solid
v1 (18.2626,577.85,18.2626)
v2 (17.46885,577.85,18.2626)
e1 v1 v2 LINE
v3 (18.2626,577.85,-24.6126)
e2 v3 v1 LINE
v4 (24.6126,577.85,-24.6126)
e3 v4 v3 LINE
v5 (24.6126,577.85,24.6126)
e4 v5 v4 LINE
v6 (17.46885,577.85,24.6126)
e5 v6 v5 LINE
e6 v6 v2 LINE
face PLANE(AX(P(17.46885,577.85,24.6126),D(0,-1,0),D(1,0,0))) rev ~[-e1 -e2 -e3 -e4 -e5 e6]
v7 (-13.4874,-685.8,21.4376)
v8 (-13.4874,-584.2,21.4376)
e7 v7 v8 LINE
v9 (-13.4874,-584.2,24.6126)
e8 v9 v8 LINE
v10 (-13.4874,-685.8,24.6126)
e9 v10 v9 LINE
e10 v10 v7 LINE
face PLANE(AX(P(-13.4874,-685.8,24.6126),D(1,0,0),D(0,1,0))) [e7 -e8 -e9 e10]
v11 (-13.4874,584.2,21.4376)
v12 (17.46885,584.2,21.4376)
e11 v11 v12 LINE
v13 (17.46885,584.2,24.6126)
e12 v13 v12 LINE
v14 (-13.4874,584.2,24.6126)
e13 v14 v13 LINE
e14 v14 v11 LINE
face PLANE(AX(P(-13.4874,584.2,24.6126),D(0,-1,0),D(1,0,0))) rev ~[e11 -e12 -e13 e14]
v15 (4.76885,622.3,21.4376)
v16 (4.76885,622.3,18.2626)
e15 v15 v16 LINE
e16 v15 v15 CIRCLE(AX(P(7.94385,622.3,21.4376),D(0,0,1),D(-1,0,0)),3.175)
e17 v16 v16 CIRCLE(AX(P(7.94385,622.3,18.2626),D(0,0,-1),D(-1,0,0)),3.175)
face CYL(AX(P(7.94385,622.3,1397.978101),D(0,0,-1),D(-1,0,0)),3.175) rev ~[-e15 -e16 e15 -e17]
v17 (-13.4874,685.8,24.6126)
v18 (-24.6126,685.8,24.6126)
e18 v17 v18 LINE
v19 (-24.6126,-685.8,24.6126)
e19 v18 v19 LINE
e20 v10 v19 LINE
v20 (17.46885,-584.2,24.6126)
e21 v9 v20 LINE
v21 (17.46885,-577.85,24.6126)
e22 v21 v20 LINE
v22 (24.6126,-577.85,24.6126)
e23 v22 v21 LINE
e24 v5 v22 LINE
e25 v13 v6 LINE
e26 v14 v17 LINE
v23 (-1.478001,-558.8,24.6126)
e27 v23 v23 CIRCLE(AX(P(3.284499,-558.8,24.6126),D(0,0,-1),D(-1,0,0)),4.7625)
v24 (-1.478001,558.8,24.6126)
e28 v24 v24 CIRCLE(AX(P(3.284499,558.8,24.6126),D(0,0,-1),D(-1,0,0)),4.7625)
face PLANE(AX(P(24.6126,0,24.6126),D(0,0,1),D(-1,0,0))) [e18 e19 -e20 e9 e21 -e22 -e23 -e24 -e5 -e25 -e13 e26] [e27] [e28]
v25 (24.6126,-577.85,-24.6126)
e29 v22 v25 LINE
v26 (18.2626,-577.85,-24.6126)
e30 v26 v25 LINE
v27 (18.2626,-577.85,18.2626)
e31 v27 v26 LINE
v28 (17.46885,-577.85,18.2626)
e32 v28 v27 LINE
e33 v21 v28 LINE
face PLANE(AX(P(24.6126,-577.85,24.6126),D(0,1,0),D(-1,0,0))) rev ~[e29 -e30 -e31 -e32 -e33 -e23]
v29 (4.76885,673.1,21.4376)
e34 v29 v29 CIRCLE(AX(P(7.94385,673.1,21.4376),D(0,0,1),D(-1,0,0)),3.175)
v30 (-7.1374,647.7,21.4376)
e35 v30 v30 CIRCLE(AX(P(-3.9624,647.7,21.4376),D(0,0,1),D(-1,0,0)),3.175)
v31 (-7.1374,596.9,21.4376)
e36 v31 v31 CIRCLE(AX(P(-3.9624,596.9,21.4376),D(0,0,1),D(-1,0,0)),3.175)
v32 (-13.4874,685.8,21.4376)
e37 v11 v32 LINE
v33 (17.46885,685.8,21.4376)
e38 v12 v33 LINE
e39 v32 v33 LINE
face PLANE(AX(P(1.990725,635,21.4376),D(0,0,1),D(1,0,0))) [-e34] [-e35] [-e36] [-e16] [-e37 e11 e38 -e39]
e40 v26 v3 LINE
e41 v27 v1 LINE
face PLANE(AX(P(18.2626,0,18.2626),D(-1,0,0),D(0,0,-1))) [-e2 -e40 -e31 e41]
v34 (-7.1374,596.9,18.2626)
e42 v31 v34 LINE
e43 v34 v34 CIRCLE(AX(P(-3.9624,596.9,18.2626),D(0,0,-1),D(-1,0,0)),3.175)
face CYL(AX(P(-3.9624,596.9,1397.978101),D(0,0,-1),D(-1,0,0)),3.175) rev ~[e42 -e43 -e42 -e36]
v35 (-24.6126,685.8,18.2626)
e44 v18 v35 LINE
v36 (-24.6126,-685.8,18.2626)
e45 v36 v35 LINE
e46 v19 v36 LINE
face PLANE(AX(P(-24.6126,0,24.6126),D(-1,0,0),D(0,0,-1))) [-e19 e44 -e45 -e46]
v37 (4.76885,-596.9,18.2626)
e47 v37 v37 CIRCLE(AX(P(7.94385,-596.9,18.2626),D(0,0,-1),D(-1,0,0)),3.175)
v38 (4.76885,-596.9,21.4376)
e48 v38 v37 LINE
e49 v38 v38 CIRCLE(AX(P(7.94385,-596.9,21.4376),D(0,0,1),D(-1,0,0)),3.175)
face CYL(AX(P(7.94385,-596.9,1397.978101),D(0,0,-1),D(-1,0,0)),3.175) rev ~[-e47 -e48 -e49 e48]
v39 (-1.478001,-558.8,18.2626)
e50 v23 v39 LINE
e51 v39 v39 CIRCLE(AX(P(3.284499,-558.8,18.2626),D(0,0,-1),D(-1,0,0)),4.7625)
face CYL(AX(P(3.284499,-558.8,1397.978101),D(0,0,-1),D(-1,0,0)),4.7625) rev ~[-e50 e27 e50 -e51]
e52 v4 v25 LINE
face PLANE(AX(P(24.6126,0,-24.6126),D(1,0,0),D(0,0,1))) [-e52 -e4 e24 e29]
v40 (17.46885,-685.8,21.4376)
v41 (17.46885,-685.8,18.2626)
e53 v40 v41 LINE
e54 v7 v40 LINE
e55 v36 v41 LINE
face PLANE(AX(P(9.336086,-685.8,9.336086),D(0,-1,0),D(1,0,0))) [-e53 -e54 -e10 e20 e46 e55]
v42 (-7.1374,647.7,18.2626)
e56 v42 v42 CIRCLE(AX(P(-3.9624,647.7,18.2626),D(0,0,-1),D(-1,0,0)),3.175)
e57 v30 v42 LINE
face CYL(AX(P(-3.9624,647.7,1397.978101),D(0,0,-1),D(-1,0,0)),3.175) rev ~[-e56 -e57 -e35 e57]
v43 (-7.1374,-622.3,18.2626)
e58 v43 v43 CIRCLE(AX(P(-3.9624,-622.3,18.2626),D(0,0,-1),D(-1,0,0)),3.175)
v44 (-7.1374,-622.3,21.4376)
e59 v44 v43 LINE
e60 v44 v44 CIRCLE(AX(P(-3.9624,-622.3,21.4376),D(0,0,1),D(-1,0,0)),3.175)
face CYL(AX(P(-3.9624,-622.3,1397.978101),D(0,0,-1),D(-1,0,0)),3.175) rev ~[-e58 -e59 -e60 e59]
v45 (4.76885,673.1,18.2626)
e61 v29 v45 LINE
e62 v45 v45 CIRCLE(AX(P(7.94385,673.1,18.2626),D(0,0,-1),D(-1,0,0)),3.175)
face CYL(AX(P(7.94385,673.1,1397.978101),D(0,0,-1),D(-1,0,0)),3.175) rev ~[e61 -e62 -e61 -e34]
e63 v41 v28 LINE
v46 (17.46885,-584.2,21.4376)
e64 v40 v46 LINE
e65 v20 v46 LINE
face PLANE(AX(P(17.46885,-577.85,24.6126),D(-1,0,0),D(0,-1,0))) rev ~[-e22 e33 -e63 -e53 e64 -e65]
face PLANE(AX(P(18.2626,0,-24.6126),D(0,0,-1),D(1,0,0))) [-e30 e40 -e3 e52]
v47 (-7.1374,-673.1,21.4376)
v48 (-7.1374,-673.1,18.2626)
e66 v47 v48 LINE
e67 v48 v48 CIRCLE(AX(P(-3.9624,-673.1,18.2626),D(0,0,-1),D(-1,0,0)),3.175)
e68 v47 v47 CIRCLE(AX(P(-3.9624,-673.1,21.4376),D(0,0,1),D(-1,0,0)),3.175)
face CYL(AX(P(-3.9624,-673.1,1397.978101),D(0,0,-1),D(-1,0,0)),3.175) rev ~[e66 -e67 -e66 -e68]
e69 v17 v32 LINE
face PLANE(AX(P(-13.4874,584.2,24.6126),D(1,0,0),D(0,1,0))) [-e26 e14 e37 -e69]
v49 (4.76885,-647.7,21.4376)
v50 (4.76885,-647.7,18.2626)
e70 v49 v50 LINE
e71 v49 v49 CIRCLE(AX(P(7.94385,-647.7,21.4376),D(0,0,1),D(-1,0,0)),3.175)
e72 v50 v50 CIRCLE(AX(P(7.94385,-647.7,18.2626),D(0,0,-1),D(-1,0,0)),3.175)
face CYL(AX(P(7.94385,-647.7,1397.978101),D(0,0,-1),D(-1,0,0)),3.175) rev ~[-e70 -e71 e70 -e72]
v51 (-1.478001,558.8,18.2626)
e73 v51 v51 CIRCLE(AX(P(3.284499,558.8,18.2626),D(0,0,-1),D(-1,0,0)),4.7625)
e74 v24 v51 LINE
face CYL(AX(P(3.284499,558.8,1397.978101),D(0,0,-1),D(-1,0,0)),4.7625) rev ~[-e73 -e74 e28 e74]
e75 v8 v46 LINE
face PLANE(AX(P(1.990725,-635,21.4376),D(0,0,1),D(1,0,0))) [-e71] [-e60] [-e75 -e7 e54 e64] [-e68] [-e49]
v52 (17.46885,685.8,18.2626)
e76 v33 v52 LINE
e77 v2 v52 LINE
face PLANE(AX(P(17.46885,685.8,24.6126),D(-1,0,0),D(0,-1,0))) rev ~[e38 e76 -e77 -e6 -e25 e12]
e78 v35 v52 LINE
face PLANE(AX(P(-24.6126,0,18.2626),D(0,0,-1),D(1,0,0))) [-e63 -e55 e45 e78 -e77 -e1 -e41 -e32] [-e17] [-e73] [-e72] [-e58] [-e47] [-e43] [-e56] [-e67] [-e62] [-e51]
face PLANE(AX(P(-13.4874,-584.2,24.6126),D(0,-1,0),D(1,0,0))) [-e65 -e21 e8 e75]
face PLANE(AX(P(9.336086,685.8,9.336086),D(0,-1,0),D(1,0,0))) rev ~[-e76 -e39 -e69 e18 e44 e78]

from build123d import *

# Parameters (mm, degrees)
F1_DEPTH = 685.8
F2_W     = 30.95625
F2_H     = 101.6
F2_R     = 3.175
F3_DEPTH = 3.175
F4_DEPTH = 49.2262
F5_D     = 6.35
F7_D     = 9.525


with BuildPart() as f1:
    # F0 (on Front) → F1 (new body, symmetric)
    with BuildSketch(Plane.XZ):
        Polygon((18.2626, -24.6126), (24.6126, -24.6126), (24.6126, 24.6126), (-24.6126, 24.6126), (-24.6126, 18.2626), (18.2626, 18.2626), align=None)
    extrude(amount=F1_DEPTH, both=True)

    # F2 (on face) → F3 (cut)
    with BuildSketch(Plane.XY.offset(24.6126)):
        with Locations((1.990725, -635)):
            Rectangle(F2_W, F2_H)
        with Locations((-3.9624, -673.1)):
            Circle(F2_R, mode=Mode.SUBTRACT)
        with Locations((-3.9624, -622.3)):
            Circle(F2_R, mode=Mode.SUBTRACT)
        with Locations((7.94385, -647.7)):
            Circle(F2_R, mode=Mode.SUBTRACT)
        with Locations((7.94385, -596.9)):
            Circle(F2_R, mode=Mode.SUBTRACT)
        with Locations((1.990725, 635)):
            Rectangle(F2_W, F2_H)
        with Locations((-3.9624, 596.9)):
            Circle(F2_R, mode=Mode.SUBTRACT)
        with Locations((-3.9624, 647.7)):
            Circle(F2_R, mode=Mode.SUBTRACT)
        with Locations((7.94385, 622.3)):
            Circle(F2_R, mode=Mode.SUBTRACT)
        with Locations((7.94385, 673.1)):
            Circle(F2_R, mode=Mode.SUBTRACT)
    extrude(amount=-F3_DEPTH, mode=Mode.SUBTRACT)

    # F2 (on face) → F4 (cut, through all)
    with BuildSketch(Plane.XY.offset(24.6126)):
        Polygon((17.46885, 577.85), (24.6126, 577.85), (24.6126, 685.8), (17.46885, 685.8), (17.46885, 584.2), align=None)
        Polygon((17.46885, -685.8), (24.6126, -685.8), (24.6126, -577.85), (17.46885, -577.85), (17.46885, -584.2), align=None)
    extrude(amount=-F4_DEPTH, mode=Mode.SUBTRACT)

    # F5 (through all)
    with Locations(Plane.XY.offset(24.6126)):
        with Locations((7.94385, -647.7), (-3.9624, -673.1), (-3.9624, -622.3), (7.94385, -596.9), (-3.9624, 647.7), (7.94385, 673.1), (7.94385, 622.3), (-3.9624, 596.9)):
            Hole(F5_D / 2)

    # F7 (through all)
    with Locations(Plane.XY.offset(24.6126)):
        with Locations((3.284499, -558.8), (3.284499, 558.8)):
            Hole(F7_D / 2)


solid = f1.part
